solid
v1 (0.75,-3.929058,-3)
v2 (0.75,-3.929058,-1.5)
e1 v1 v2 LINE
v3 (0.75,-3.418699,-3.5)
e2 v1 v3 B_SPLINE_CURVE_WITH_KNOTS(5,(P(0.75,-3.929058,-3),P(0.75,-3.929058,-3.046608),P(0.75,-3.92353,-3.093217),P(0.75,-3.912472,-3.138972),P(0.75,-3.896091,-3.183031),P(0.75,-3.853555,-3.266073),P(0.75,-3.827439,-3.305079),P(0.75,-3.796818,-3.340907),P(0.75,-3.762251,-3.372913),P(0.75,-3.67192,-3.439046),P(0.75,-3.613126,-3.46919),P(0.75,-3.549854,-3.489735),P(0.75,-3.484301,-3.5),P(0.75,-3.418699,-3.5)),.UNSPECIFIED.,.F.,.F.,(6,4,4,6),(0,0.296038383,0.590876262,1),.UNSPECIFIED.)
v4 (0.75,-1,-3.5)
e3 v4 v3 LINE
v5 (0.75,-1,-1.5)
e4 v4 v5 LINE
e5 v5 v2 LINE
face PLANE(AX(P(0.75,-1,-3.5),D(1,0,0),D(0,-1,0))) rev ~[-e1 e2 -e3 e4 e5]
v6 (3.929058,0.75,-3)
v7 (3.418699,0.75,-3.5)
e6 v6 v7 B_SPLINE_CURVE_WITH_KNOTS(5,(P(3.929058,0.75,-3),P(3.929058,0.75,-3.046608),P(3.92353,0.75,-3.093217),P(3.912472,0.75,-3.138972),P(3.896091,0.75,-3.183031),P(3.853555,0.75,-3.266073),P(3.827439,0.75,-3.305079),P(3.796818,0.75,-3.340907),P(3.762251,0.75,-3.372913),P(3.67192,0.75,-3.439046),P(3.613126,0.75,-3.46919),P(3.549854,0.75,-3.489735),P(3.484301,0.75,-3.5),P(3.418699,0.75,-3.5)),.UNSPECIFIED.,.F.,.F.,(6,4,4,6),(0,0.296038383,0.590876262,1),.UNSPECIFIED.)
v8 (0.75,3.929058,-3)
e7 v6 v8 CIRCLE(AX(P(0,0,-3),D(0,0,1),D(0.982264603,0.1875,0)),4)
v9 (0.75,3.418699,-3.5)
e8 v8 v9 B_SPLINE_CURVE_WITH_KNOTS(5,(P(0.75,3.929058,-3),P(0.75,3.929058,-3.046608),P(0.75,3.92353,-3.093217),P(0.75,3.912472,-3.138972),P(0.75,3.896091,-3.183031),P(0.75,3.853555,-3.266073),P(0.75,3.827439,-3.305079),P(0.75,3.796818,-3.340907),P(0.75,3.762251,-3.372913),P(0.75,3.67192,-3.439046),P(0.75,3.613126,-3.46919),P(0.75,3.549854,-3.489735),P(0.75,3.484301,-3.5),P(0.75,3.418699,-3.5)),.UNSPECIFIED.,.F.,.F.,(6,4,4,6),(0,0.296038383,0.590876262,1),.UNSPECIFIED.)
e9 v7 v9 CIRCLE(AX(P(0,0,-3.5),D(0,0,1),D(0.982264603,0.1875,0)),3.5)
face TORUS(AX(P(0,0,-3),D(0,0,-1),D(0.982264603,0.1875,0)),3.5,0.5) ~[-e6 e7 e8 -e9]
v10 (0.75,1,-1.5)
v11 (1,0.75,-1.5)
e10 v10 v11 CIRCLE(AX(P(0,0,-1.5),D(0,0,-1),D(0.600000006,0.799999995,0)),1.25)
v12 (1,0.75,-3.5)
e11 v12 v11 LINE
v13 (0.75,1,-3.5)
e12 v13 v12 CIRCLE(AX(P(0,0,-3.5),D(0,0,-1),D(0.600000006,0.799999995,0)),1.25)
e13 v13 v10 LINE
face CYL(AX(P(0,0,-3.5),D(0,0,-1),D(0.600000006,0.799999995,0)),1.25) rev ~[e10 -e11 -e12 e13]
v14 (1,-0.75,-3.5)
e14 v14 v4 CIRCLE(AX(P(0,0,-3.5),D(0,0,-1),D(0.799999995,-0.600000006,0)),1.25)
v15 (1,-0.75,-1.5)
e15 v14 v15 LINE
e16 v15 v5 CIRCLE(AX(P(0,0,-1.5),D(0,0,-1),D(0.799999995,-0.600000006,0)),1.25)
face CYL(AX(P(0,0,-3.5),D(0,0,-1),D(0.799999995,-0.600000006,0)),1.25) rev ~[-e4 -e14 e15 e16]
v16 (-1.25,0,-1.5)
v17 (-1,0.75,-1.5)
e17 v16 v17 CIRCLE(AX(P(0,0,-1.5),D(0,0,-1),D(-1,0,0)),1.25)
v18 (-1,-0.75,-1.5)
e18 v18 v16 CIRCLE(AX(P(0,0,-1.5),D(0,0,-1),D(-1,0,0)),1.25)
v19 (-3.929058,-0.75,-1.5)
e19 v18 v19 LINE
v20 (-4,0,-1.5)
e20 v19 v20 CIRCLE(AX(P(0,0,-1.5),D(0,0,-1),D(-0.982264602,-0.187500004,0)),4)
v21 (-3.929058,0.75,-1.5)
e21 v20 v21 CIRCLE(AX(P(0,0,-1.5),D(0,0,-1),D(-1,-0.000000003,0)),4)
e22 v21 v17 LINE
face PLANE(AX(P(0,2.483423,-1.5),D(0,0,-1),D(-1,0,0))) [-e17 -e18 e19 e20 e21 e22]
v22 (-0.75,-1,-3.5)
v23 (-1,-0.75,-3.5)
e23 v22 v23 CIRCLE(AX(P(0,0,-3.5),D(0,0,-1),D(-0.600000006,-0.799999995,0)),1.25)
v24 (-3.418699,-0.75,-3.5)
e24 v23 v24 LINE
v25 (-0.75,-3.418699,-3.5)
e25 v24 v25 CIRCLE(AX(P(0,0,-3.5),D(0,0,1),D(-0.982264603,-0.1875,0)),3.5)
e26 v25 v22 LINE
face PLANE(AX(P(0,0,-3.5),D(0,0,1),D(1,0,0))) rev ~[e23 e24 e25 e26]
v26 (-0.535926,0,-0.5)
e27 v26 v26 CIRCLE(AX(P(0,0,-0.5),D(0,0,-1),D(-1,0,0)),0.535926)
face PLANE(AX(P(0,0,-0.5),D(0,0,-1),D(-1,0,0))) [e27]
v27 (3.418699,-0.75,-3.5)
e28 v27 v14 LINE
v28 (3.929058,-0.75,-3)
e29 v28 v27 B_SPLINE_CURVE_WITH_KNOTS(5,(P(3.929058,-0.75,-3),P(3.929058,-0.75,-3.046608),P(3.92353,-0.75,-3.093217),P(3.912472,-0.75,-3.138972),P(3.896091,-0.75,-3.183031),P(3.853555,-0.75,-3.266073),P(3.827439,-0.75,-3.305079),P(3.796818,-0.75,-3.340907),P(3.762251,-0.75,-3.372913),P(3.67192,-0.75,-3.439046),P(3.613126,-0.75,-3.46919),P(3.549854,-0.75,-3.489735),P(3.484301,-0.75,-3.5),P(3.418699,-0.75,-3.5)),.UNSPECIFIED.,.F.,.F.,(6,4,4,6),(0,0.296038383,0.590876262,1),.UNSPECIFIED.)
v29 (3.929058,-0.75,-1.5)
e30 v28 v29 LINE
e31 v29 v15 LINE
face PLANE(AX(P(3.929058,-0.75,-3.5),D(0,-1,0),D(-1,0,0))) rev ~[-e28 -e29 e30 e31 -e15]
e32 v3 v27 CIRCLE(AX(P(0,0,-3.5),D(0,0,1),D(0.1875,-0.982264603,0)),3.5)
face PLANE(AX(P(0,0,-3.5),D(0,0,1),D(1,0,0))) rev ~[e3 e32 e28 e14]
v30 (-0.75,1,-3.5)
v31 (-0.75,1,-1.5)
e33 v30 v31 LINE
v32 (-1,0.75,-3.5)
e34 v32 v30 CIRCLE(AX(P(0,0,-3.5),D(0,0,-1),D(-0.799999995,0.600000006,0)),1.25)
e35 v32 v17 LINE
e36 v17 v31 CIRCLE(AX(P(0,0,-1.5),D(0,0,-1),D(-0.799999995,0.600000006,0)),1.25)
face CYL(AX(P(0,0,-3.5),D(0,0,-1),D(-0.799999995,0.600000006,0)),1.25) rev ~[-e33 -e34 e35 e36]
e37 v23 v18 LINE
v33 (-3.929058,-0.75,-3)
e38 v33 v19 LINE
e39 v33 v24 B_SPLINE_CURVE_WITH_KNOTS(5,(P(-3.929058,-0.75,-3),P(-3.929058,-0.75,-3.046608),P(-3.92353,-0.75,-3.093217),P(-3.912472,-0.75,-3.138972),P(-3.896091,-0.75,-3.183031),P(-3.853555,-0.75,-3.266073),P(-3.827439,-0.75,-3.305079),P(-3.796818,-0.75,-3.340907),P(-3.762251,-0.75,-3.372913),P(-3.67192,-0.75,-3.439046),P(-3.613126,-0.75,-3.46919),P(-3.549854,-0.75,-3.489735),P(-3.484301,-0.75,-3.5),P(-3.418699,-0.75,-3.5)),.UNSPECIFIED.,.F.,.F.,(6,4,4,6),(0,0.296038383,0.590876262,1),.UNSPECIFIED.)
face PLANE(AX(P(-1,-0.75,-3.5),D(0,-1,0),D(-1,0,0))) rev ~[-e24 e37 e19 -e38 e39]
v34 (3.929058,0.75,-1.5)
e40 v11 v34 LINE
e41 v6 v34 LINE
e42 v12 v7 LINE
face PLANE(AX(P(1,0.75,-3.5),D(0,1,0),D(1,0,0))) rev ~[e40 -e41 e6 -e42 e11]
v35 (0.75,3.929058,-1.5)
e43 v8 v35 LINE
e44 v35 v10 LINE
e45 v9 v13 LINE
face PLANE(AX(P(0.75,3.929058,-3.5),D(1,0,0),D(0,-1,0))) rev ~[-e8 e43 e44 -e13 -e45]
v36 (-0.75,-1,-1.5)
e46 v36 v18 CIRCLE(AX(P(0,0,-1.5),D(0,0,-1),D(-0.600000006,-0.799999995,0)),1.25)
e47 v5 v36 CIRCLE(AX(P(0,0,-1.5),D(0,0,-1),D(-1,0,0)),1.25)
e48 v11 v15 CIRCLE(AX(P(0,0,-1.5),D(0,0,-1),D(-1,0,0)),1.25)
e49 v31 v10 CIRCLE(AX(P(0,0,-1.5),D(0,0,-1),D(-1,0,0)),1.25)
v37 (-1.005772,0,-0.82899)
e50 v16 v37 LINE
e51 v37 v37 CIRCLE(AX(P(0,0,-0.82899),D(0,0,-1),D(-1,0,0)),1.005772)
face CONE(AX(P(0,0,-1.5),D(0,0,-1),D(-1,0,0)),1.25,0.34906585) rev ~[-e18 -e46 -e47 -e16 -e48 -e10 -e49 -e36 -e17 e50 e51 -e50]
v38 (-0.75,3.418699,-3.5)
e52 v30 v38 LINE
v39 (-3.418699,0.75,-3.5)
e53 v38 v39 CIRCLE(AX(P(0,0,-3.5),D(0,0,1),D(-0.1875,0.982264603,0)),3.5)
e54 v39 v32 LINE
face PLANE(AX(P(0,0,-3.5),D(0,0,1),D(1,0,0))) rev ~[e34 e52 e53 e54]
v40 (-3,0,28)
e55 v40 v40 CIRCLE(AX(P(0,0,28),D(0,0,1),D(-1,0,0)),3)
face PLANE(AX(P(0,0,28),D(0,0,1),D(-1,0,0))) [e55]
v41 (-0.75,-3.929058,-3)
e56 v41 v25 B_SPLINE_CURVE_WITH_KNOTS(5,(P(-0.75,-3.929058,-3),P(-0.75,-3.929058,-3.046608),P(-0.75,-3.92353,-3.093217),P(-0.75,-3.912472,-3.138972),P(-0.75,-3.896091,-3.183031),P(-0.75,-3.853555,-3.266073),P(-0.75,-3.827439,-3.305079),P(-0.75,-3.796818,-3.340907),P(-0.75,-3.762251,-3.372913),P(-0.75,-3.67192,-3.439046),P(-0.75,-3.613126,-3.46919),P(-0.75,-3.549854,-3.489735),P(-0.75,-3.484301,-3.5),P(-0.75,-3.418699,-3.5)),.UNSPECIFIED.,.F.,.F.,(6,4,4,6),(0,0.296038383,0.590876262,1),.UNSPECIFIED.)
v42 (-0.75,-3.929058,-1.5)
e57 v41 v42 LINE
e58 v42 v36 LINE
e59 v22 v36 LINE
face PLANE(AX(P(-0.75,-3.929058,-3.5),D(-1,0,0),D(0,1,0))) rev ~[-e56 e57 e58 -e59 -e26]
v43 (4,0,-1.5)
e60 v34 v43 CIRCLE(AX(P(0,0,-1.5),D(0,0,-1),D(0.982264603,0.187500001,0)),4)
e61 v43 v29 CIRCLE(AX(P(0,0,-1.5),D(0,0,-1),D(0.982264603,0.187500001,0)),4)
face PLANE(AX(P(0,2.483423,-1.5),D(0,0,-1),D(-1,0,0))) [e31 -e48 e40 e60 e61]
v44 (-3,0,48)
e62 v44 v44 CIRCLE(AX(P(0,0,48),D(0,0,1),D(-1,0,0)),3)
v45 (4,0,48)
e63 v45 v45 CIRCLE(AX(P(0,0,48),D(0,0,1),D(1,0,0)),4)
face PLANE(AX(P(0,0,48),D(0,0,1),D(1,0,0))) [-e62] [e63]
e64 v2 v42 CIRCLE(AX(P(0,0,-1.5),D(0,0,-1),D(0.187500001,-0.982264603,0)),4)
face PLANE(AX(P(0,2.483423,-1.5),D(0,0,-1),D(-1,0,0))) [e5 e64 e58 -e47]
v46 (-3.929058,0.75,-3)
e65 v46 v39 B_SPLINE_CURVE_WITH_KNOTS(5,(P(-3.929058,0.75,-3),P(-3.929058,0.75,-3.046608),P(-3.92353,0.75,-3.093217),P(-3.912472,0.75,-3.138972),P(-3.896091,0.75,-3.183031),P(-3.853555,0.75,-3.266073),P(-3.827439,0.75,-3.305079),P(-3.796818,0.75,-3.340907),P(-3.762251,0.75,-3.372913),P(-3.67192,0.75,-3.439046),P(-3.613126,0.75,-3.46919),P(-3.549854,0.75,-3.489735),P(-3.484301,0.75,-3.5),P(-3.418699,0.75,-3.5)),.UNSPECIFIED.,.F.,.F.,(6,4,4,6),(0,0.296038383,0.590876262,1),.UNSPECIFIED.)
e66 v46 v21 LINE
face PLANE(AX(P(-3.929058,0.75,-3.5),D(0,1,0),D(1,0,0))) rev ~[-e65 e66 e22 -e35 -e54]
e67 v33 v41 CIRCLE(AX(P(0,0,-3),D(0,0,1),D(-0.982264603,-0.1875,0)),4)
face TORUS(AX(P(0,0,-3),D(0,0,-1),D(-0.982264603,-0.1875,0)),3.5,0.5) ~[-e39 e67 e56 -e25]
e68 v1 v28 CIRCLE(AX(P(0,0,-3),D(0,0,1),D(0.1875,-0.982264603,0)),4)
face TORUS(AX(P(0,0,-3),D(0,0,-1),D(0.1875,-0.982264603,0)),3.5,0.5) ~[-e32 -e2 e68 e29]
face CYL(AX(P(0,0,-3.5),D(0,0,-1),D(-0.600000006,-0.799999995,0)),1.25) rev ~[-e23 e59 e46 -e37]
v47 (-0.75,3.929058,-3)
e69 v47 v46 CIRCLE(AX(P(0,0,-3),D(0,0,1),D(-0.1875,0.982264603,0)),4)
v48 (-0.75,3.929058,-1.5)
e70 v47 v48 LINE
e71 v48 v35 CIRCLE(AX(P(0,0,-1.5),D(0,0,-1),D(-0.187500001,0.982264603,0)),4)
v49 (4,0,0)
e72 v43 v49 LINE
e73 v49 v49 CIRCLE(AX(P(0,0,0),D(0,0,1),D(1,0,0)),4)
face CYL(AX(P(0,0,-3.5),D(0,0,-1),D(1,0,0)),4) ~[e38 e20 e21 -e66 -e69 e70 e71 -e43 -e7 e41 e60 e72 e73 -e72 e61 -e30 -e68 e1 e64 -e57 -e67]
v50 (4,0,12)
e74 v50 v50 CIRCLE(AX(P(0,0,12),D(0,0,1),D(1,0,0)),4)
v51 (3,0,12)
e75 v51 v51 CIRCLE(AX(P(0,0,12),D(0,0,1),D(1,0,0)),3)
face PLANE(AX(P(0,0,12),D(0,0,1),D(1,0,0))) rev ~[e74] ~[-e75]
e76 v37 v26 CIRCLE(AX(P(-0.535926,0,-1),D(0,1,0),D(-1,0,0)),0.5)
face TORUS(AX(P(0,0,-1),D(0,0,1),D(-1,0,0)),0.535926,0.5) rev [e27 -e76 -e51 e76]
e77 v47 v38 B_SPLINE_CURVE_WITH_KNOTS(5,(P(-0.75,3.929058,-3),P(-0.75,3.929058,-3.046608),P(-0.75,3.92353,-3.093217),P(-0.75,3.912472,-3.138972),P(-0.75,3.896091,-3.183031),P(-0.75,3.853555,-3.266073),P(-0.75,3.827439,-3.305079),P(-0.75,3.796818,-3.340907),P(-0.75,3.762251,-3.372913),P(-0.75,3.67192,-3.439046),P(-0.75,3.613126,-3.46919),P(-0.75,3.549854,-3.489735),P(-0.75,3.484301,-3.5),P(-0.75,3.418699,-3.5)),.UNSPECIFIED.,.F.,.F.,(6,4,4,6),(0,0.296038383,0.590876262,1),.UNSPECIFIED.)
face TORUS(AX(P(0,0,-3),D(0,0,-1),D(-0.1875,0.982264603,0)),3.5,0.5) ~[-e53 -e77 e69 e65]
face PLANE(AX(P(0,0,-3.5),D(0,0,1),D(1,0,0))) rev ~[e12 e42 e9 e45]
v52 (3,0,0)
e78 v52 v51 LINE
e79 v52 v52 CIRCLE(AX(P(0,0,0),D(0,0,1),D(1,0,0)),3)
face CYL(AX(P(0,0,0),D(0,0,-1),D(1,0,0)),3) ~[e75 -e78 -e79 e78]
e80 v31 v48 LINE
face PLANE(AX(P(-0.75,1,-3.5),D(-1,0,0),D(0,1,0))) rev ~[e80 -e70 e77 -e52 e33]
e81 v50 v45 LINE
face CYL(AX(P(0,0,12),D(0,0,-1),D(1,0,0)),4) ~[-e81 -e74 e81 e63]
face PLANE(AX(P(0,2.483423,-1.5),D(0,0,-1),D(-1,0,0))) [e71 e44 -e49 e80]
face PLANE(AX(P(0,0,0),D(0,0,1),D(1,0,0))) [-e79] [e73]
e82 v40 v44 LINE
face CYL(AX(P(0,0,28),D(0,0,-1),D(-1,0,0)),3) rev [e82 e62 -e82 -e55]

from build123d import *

# Parameters (mm, degrees)
SKETCH1_R           = 3
BOSS_EXTRUDE1_DEPTH = 12
BOSS_EXTRUDE2_START = -3.5
SKETCH1_4_R         = 4
SKETCH1_4_R_2       = 3
BOSS_EXTRUDE2_DEPTH = 3.5
CUT_EXTRUDE1_DEPTH  = 2
FILLET1_R           = 0.5
CUT_EXTRUDE2_START  = -2
SKETCH2_3_R         = 1.25
CUT_EXTRUDE2_DEPTH  = 1
CUT_EXTRUDE2_DRAFT  = -20
FILLET2_R           = 0.5
BOSS_EXTRUDE3_START = 12
SKETCH1_5_R         = 4
BOSS_EXTRUDE3_DEPTH = 36
CUT_EXTRUDE3_START  = -20
SKETCH9_R           = 3
CUT_EXTRUDE3_DEPTH  = 20


with BuildPart() as part:
    # Sketch1 → Boss-Extrude1 (new body)
    with BuildSketch(Plane.XY):
        Circle(SKETCH1_R)
    extrude(amount=BOSS_EXTRUDE1_DEPTH)

    # Sketch1<4> → Boss-Extrude2 (add)
    # profile 1 of 2: a face of its own
    with BuildSketch(Plane.XY.offset(BOSS_EXTRUDE2_START)):
        Circle(SKETCH1_4_R)
        Circle(SKETCH1_4_R_2, mode=Mode.SUBTRACT)
    # profile 2 of 2: a face of its own
    with BuildSketch(Plane.XY.offset(BOSS_EXTRUDE2_START)):
        Circle(SKETCH1_4_R_2)
    extrude(amount=BOSS_EXTRUDE2_DEPTH)

    # Sketch2 → Cut-Extrude1 (cut)
    with BuildSketch(Plane(origin=(0, 0, -3.5), x_dir=(-1, 0, 0), z_dir=(0, 0, -1))):
        with BuildLine():
            ThreePointArc((0.75, 3.929058411), (0, 4), (-0.75, 3.929058411))
            Line((-0.75, 3.929058411), (-0.75, 1))
            ThreePointArc((-0.75, 1), (0, 1.25), (0.75, 1))
            Line((0.75, 1), (0.75, 3.929058411))
        make_face()
        with BuildLine():
            Line((-1, 0.75), (-3.929058411, 0.75))
            ThreePointArc((-3.929058411, 0.75), (-4, 0), (-3.929058411, -0.75))
            Line((-3.929058411, -0.75), (-1, -0.75))
            ThreePointArc((-1, -0.75), (-1.25, 0), (-1, 0.75))
        make_face()
        with BuildLine():
            ThreePointArc((4, 0), (3.98222511, 0.376673834), (3.929058411, 0.75))
            Line((3.929058411, 0.75), (1, 0.75))
            ThreePointArc((1, 0.75), (1.185854123, 0.395284708), (1.25, 0))
            ThreePointArc((1.25, 0), (1.185854123, -0.395284708), (1, -0.75))
            Line((1, -0.75), (3.929058411, -0.75))
            ThreePointArc((3.929058411, -0.75), (3.98222511, -0.376673834), (4, 0))
        make_face()
        with BuildLine():
            Line((-0.75, -1), (-0.75, -3.929058411))
            ThreePointArc((-0.75, -3.929058411), (0, -4), (0.75, -3.929058411))
            Line((0.75, -3.929058411), (0.75, -1))
            ThreePointArc((0.75, -1), (0, -1.25), (-0.75, -1))
        make_face()
        with BuildLine():
            ThreePointArc((0.75, 1), (0, 1.25), (-0.75, 1))
            Line((-0.75, 1), (-0.75, 0.75))
            Line((-0.75, 0.75), (-1, 0.75))
            ThreePointArc((-1, 0.75), (-1.25, 0), (-1, -0.75))
            Line((-1, -0.75), (-0.75, -0.75))
            Line((-0.75, -0.75), (-0.75, -1))
            ThreePointArc((-0.75, -1), (0, -1.25), (0.75, -1))
            Line((0.75, -1), (0.75, -0.75))
            Line((0.75, -0.75), (1, -0.75))
            ThreePointArc((1, -0.75), (1.185854123, -0.395284708), (1.25, 0))
            ThreePointArc((1.25, 0), (1.185854123, 0.395284708), (1, 0.75))
            Line((1, 0.75), (0.75, 0.75))
            Line((0.75, 0.75), (0.75, 1))
        make_face()
        with BuildLine():
            Line((-0.75, 0.75), (-0.75, 1))
            ThreePointArc((-0.75, 1), (-0.883883476, 0.883883476), (-1, 0.75))
            Line((-1, 0.75), (-0.75, 0.75))
        make_face()
        with BuildLine():
            ThreePointArc((1, 0.75), (0.883883476, 0.883883476), (0.75, 1))
            Line((0.75, 1), (0.75, 0.75))
            Line((0.75, 0.75), (1, 0.75))
        make_face()
        with BuildLine():
            ThreePointArc((0.75, -1), (0.883883476, -0.883883476), (1, -0.75))
            Line((1, -0.75), (0.75, -0.75))
            Line((0.75, -0.75), (0.75, -1))
        make_face()
        with BuildLine():
            Line((-0.75, -0.75), (-1, -0.75))
            ThreePointArc((-1, -0.75), (-0.883883476, -0.883883476), (-0.75, -1))
            Line((-0.75, -1), (-0.75, -0.75))
        make_face()
    extrude(amount=-CUT_EXTRUDE1_DEPTH, mode=Mode.SUBTRACT)

    # Fillet1
    fillet1_edges = [part.edges().sort_by_distance(p)[0] for p in [
        (-2.828427125, 2.828427125, -3.5),
        (-2.828427125, -2.828427125, -3.5),
        (2.828427125, -2.828427125, -3.5),
        (2.828427125, 2.828427125, -3.5),
    ]]
    fillet(fillet1_edges, radius=FILLET1_R)


with BuildPart() as cut_extrude2_tool:
    # Sketch2<3> → Cut-Extrude2 (with draft: the straight prism first)
    with BuildSketch(Plane(origin=(0, 0, -3.5), x_dir=(-1, 0, 0), z_dir=(0, 0, -1)).offset(CUT_EXTRUDE2_START)):
        Circle(SKETCH2_3_R)
    extrude(amount=-CUT_EXTRUDE2_DEPTH)
    # Cut-Extrude2: the draft: its side faces are tilted about the plane it starts from
    cut_extrude2_sides = [cut_extrude2_tool.faces().sort_by_distance(p)[0] for p in [
        (1.25, 0, -1),
    ]]
    draft(cut_extrude2_sides, Plane(origin=(0, 0, -3.5), x_dir=(-1, 0, 0), z_dir=(0, 0, -1)).offset(CUT_EXTRUDE2_START), CUT_EXTRUDE2_DRAFT)


with BuildPart() as part_1:
    add(part.part)

    # Cut-Extrude2: cut by cut_extrude2_tool
    add(cut_extrude2_tool.part, mode=Mode.SUBTRACT)

    # Fillet2
    fillet2_edges = [part_1.edges().sort_by_distance(p)[0] for p in [
        (0.886029766, 0, -0.5),
    ]]
    fillet(fillet2_edges, radius=FILLET2_R)

    # Sketch1<5> → Boss-Extrude3 (add)
    with BuildSketch(Plane.XY.offset(BOSS_EXTRUDE3_START)):
        Circle(SKETCH1_5_R)
    extrude(amount=BOSS_EXTRUDE3_DEPTH)

    # Sketch9 → Cut-Extrude3 (cut)
    with BuildSketch(Plane.XY.offset(48).offset(CUT_EXTRUDE3_START)):
        with Locations(Location((0, 0, 0), (0, 0, 180))):
            Circle(SKETCH9_R)
    extrude(amount=CUT_EXTRUDE3_DEPTH, mode=Mode.SUBTRACT)


solid = part_1.part
